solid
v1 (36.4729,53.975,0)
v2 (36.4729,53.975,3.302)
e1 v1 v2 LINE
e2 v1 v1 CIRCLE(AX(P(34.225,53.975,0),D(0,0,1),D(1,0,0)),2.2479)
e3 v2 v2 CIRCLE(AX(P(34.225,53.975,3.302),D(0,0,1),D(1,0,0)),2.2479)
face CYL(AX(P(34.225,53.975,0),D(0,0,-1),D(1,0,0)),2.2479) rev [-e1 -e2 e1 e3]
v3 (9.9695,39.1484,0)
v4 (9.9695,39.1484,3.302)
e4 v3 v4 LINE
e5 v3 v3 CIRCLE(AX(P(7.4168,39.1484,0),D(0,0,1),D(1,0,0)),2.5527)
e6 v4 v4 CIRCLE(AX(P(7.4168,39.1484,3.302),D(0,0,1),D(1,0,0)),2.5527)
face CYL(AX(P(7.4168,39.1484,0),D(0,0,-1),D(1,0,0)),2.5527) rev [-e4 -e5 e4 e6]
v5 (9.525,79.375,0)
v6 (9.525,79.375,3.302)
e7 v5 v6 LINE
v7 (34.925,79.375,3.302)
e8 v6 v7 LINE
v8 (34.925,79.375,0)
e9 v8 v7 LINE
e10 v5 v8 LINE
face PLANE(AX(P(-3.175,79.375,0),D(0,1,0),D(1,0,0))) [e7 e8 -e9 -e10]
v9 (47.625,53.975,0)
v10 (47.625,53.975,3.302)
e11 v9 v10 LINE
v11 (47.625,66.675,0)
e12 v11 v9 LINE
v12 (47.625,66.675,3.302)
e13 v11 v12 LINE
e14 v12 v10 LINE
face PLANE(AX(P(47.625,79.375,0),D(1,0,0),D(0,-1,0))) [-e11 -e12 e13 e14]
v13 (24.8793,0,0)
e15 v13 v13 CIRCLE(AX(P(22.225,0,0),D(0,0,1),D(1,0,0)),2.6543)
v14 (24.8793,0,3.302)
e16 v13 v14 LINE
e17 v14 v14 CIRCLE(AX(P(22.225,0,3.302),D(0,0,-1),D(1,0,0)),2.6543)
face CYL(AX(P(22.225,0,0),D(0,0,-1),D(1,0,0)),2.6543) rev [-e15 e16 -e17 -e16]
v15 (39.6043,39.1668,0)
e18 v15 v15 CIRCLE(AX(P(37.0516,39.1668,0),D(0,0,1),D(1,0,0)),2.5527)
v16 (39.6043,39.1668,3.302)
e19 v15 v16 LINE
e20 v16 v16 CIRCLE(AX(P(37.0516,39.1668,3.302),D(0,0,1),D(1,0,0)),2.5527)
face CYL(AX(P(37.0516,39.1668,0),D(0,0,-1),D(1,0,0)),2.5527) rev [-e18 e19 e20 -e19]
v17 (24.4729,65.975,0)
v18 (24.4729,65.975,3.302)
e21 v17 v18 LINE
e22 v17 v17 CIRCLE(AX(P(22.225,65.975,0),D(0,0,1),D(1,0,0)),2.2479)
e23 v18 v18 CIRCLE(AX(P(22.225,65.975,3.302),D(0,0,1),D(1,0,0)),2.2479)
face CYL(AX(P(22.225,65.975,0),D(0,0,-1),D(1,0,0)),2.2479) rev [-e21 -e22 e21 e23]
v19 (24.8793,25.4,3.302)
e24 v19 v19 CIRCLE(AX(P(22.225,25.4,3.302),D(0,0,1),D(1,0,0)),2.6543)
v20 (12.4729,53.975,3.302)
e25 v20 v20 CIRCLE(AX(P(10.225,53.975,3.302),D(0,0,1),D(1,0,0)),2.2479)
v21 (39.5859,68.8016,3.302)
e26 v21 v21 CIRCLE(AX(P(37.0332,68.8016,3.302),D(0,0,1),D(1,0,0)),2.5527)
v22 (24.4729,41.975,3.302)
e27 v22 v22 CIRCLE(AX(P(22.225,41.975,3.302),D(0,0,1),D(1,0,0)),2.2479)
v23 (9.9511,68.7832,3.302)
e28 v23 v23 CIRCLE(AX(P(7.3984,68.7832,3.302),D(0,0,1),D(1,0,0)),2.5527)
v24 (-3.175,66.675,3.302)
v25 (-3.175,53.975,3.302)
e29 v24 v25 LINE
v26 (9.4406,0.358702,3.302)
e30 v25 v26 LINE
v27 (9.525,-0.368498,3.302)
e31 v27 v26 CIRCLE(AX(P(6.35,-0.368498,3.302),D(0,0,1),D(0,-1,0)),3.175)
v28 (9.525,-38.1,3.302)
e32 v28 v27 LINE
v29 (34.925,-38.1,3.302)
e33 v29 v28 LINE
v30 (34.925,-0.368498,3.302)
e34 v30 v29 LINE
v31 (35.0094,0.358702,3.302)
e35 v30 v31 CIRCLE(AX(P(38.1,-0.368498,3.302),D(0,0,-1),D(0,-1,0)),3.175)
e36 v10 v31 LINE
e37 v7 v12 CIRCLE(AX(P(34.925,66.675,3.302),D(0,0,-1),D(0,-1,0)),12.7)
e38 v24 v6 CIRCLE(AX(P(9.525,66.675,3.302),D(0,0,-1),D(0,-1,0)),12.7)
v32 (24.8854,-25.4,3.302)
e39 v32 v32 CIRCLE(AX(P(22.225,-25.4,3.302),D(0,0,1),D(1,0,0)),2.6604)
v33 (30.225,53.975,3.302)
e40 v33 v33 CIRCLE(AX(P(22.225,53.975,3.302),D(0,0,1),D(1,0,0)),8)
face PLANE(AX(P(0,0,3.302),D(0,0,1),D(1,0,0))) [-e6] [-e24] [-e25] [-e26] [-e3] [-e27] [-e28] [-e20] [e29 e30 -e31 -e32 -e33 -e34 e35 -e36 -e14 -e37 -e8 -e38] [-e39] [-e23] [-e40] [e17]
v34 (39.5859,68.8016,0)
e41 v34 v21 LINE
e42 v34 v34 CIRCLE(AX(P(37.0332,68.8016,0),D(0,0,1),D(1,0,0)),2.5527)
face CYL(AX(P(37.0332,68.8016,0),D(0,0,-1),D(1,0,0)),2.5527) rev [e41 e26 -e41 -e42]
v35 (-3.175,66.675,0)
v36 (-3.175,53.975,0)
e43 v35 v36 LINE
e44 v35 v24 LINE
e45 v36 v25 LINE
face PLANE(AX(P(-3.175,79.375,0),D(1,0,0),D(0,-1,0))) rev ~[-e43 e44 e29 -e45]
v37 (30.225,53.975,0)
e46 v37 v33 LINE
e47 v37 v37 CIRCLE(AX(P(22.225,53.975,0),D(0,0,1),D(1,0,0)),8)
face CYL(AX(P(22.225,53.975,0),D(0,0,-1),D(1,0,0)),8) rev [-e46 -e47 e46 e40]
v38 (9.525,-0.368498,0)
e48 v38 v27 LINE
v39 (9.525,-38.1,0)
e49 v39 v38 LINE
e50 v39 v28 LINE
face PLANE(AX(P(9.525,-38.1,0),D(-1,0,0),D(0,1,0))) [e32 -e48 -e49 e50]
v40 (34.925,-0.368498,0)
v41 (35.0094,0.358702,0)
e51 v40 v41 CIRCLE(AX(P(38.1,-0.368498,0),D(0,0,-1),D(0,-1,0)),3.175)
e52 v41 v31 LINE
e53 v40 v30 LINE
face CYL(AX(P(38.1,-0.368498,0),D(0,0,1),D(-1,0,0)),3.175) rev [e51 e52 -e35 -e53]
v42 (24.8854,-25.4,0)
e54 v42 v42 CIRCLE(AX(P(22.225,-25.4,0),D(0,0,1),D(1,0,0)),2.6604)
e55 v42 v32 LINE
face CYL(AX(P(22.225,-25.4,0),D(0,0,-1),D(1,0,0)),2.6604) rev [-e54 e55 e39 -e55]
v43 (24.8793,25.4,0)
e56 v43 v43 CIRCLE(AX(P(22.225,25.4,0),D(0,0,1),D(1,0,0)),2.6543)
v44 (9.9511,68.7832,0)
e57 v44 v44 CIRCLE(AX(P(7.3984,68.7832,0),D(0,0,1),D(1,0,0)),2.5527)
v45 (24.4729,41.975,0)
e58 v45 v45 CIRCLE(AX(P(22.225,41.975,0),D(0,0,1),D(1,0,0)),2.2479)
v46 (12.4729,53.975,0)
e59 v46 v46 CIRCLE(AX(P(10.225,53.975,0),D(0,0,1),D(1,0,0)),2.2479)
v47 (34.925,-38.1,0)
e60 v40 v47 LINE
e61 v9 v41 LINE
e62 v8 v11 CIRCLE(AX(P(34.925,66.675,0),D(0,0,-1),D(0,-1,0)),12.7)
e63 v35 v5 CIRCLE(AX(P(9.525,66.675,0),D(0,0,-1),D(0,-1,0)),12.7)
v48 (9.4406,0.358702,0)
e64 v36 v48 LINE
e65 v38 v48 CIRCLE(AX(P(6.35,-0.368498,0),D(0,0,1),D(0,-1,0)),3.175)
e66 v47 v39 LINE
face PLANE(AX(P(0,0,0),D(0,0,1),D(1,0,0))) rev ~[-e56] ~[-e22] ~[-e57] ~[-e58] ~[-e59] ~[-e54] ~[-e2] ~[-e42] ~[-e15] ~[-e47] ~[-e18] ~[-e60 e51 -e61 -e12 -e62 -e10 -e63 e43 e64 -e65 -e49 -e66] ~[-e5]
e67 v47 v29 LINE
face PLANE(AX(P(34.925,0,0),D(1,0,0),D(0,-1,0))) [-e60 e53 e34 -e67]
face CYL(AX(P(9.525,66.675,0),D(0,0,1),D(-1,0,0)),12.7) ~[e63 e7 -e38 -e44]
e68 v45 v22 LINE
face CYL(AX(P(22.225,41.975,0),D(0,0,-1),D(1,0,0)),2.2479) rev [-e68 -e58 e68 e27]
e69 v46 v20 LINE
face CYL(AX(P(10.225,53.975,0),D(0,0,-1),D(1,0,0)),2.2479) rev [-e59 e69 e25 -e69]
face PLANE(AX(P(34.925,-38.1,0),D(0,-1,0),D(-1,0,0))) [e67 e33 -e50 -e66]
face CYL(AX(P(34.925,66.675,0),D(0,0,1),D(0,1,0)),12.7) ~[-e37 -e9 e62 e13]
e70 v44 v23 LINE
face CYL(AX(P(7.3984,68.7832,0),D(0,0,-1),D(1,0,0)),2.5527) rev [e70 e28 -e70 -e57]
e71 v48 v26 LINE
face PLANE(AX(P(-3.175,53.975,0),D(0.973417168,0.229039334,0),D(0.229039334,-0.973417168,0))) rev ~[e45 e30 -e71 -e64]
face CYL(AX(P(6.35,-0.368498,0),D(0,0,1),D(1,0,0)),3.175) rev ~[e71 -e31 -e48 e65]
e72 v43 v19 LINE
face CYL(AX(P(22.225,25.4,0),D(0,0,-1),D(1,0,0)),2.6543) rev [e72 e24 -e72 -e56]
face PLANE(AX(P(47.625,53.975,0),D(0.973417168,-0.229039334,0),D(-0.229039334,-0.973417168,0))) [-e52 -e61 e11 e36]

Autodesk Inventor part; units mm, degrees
ref_plane "YZ Plane" through (0, 0, 0) normal (1, 0, 0) x (0, 1, 0)
ref_plane "XZ Plane" through (0, 0, 0) normal (0, 1, 0) x (-1, 0, 0)
ref_plane "XY Plane" through (0, 0, 0) normal (0, 0, 1) x (1, 0, 0)
sketch "Sketch1" plane through (0, 0, 0) normal (0, 0, 1) x (1, 0, 0)
  circle A0 centre (22.225, 53.975) radius 8
  circle A1 centre (22.225, 25.4) radius 2.6543
  circle A2 centre (22.225, 0) radius 2.6543
  line L0 (9.525, 0) -> (34.925, 0)
  circle A3 centre (22.225, -25.4) radius 2.6604
  line L1 (34.925, 0) -> (34.925, -38.1)
  line L2 (34.925, -38.1) -> (9.525, -38.1)
  line L3 (9.525, -38.1) -> (9.525, 0)
  circle A4 centre (10.225, 53.975) radius 2.2479
  circle A5 centre (22.225, 65.975) radius 2.2479
  circle A6 centre (22.225, 41.975) radius 2.2479
  circle A7 centre (34.225, 53.975) radius 2.2479
  circle A8 centre (22.225, 53.975) radius 20.955 construction
  circle A9 centre (7.4168, 39.1484) radius 2.5527
  circle A10 centre (37.0516, 39.1668) radius 2.5527
  circle A11 centre (37.0332, 68.8016) radius 2.5527
  circle A12 centre (7.3984, 68.7832) radius 2.5527
  line L4 (-3.175, 79.375) -> (47.625, 79.375)
  line L5 (-3.175, 79.375) -> (-3.175, 53.975)
  line L6 (-3.175, 53.975) -> (9.525, 0)
  line L7 (47.625, 79.375) -> (47.625, 53.975)
  line L8 (47.625, 53.975) -> (34.925, 0)
  point P0 (0, 0)
  point P1 (0, 53.975)
  point P2 (44.45, 53.975)
  point P3 (22.225, 76.2)
  point P4 (24.8793, 0)
  point P5 (19.5707, 0)
  point P6 (22.225, 0)
  point P7 (22.225, 79.375)
  dimension "d36" = 41.91
  dimension "d2" = 16
  dimension "d3" = 5.3086
  dimension "d4" = 5.3086
  dimension "d5" = 22.225
  dimension "d26" = 25.4
  dimension "d27" = 38.1
  dimension "d28" = 25.4
  dimension "d29" = 28.575
  dimension "d30" = 53.975
  dimension "d31" = 4.4958
  dimension "d32" = 12
  dimension "d33" = 12
  dimension "d34" = 12
  dimension "d35" = 12
  dimension "d37" = 5.1054
  dimension "d38" = 14.8082
  dimension "d41" = 360
  dimension "d43" = 50.8
  dimension "d44" = 0
  dimension "d45" = 25.4
  dimension "d46" = 25.4
  dimension "d47" = 25.4
extrude "Extrusion1" add sketch "Sketch1" along normal blind 3.302 contours L0 L1 L2 L3 A2 | A2 L0 L6 L5 L4 L7 L8
fillet "Fillet13" radius 3.175 1 edges at (34.925, 0, 1.651)
fillet "Fillet14" radius 3.175 1 edges at (9.525, 0, 1.651)
fillet "Fillet15" radius 12.7 2 edges at (-3.175, 79.375, 1.651) (47.625, 79.375, 1.651)
properties part number "Arm Plate4"
